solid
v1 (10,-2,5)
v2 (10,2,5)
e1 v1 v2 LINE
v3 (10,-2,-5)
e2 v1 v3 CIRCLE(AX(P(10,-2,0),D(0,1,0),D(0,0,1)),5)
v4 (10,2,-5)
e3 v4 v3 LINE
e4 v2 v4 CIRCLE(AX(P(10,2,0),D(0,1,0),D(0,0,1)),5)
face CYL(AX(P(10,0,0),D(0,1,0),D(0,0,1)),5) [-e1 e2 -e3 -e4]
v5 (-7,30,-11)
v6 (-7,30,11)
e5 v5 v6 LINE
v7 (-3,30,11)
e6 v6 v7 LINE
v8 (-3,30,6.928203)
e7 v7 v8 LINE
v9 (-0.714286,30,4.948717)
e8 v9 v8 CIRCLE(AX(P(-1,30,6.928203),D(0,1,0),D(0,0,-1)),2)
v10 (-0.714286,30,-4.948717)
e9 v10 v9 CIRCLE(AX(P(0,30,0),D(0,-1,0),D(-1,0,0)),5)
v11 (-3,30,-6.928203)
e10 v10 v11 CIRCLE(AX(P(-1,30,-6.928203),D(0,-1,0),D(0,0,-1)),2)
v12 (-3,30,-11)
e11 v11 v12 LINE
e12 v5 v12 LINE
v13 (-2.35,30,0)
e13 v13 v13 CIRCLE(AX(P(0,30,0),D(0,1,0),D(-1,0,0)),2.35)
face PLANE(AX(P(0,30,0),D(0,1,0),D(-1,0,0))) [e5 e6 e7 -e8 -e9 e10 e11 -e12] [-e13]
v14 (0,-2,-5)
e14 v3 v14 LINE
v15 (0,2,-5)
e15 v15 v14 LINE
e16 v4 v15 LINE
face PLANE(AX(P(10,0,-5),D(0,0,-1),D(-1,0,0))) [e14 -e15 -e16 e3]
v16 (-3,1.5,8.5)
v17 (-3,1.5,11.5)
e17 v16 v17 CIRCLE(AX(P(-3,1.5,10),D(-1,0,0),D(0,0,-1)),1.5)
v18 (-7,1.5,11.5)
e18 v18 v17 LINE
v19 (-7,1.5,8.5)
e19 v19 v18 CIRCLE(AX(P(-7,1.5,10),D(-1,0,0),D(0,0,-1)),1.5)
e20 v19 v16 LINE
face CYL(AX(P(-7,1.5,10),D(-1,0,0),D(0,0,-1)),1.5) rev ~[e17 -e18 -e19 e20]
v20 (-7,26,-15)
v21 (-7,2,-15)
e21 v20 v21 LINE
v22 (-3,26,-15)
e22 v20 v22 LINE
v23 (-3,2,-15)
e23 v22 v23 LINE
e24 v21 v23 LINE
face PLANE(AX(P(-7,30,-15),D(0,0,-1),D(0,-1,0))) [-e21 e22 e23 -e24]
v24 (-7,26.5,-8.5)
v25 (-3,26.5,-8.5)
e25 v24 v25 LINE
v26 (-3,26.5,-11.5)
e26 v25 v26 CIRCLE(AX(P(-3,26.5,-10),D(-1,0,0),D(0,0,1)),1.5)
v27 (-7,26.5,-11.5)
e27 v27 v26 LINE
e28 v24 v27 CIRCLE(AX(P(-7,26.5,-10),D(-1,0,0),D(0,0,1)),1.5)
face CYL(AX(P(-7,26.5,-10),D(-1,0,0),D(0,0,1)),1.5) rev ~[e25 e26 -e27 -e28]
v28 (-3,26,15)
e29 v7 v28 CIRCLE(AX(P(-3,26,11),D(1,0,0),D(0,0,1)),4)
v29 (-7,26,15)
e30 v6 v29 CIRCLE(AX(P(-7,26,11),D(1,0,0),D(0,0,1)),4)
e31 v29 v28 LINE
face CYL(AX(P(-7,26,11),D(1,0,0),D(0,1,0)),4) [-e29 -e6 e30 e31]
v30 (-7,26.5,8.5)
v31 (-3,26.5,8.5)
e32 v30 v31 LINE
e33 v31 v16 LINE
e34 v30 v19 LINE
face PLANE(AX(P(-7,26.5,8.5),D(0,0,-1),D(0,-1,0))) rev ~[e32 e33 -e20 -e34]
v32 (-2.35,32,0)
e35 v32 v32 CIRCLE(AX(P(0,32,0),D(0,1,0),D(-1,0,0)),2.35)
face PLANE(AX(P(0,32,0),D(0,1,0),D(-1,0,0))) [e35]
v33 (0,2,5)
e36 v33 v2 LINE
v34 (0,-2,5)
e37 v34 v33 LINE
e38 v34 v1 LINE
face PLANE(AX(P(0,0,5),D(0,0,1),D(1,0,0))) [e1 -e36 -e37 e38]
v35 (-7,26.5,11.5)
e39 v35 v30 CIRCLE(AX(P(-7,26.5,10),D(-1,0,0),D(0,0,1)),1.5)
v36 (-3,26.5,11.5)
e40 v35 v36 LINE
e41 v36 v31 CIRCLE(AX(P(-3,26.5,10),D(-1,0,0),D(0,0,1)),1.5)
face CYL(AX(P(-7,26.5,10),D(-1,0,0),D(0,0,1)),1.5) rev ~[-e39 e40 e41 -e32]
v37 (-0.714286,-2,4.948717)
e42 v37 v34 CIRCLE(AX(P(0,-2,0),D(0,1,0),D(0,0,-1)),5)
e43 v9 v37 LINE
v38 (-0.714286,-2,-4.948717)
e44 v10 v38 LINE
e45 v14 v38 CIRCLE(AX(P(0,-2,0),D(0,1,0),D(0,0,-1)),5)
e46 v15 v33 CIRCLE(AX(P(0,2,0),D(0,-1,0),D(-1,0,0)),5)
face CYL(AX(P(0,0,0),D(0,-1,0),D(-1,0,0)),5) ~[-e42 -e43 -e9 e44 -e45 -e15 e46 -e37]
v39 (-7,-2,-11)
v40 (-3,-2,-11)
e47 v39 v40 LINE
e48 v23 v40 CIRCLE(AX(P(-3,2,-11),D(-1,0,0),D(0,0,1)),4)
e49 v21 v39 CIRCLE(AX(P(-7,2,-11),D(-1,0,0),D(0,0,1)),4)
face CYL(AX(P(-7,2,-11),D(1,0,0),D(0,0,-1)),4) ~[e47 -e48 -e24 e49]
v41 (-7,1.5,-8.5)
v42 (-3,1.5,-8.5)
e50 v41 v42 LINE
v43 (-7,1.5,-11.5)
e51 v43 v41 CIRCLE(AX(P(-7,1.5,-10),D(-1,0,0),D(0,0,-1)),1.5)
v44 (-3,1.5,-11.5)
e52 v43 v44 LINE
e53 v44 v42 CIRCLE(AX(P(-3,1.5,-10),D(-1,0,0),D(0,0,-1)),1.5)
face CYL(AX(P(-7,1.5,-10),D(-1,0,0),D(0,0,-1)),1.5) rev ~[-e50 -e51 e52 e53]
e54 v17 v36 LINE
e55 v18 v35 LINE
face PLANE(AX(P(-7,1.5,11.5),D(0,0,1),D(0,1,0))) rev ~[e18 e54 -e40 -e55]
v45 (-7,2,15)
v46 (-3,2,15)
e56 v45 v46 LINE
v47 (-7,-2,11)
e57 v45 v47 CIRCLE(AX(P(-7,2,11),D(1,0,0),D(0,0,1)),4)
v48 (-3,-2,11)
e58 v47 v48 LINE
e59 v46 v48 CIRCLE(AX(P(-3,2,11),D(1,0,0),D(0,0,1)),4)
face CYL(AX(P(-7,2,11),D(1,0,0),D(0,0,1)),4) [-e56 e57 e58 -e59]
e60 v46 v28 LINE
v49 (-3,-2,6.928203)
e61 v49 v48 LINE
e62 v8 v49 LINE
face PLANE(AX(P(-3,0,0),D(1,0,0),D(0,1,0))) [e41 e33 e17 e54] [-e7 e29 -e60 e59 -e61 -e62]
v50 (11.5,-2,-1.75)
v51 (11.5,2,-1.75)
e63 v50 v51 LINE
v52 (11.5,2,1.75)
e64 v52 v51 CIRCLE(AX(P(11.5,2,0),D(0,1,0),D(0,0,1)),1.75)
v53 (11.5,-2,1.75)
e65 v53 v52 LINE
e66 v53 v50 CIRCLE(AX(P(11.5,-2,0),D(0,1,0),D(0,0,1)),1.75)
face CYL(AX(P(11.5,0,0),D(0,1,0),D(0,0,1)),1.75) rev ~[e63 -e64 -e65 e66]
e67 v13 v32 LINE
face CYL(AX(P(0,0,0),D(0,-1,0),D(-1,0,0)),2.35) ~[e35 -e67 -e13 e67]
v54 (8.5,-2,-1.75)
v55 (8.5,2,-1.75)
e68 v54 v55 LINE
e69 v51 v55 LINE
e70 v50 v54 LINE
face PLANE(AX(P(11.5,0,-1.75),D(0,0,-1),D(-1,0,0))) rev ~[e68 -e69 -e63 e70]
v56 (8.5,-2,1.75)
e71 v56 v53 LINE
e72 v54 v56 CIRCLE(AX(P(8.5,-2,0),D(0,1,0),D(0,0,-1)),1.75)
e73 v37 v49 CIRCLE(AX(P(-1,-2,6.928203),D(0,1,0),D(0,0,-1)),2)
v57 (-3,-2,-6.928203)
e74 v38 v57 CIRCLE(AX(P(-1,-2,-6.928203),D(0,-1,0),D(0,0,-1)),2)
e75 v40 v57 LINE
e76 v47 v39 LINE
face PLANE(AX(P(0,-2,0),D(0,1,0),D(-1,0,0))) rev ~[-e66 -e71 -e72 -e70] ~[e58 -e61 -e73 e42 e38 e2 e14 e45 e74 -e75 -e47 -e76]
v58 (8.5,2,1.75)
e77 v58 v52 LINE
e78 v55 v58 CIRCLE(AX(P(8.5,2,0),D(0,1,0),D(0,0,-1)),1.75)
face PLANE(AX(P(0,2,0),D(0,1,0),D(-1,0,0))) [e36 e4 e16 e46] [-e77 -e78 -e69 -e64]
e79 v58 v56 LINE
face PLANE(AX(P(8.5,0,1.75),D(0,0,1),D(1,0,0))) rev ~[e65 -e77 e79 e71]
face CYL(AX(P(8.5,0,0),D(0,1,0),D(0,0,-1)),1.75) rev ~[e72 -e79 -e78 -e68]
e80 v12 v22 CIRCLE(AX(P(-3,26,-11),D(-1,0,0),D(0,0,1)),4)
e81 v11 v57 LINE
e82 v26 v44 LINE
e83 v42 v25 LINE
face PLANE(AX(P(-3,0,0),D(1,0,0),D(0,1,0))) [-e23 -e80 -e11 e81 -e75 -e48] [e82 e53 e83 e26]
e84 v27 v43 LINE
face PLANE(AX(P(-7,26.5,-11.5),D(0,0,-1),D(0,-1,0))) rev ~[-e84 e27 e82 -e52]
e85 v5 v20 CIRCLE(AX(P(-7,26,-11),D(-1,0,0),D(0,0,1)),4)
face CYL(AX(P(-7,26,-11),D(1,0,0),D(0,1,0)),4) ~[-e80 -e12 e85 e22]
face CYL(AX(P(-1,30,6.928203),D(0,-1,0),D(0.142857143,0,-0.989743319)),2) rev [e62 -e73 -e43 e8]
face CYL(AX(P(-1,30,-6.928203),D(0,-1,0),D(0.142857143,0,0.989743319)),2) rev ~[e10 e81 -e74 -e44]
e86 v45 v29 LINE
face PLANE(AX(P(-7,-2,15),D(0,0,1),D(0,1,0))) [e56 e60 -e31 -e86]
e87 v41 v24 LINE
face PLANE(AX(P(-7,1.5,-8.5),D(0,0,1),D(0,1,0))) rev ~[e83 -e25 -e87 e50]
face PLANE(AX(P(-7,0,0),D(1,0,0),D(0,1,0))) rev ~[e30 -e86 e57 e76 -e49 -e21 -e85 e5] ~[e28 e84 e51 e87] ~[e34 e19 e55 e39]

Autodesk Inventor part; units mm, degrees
ref_plane "XZ Plane" through (0, 0, 0) normal (0, 1, 0) x (-1, 0, 0)
sketch "Sketch1" plane through (0, 0, 0) normal (0, 1, 0) x (-1, 0, 0)
  circle A0 centre (0, 0) radius 2.35
  circle A1 centre (0, 0) radius 5
  line L0 (0, 5) -> (-10, 5)
  arc A2 (-10, 5) -> (-10, -5) centre (-10, 0) ccw
  line L1 (-10, -5) -> (0, -5)
  line L2 (-8.5, 0) -> (-11.5, 0) construction
  line L3 (-8.5, 1.75) -> (-11.5, 1.75)
  line L4 (-11.5, -1.75) -> (-8.5, -1.75)
  arc A3 (-8.5, -1.75) -> (-8.5, 1.75) centre (-8.5, 0) ccw
  arc A4 (-11.5, 1.75) -> (-11.5, -1.75) centre (-11.5, 0) ccw
  dimension "d0" = 4.7
  dimension "d1" = 10
  dimension "d36" = 5
  dimension "d37" = 1.75
  dimension "d38" = 10
  dimension "d39" = 3
extrude "Extrusion1" add sketch "Sketch1" against normal blind 2 and the other way blind 2 contours A0 | A1 | A1 L1 A2 L0
extrude "Extrusion2" add sketch "Sketch1" along normal blind 30 contours A1
extrude "Extrusion3" add sketch "Sketch1" along normal blind 32 contours A0
ref_plane "Work Plane1" through (-5, 0, 0) normal (1, 0, 0) x (0, 1, 0)
ref_plane "Work Plane2" through (-7, 0, 0) normal (1, 0, 0) x (0, 1, 0)
sketch "Sketch2" plane through (-7, 0, 0) normal (1, 0, 0) x (0, 1, 0)
  line L0 (30, -15) -> (-2, -15)
  line L1 (-2, 15) -> (30, 15)
  line L2 (30, 15) -> (30, -15)
  line L3 (30, -5) -> (30, 5) projected
  line L4 (2, -5) -> (-2, -5) projected
  line L5 (-2, 5) -> (-2, -5) projected
  line L6 (2, 5) -> (-2, 5) projected
  line L7 (2, -5) -> (2, 5) projected
  line L8 (-2, -15) -> (-2, 15)
  point P0 (0, 0)
  dimension "d11" = 30
  dimension "d12" = 15
extrude "Extrusion4" add sketch "Sketch2" along normal blind 4
sketch "Sketch4" plane through (-7, 0, 0) normal (-1, 0, 0) x (0, 0, 1)
  line L0 (10, 26.5) -> (10, 1.5) construction
  line L1 (8.5, 26.5) -> (8.5, 1.5)
  line L2 (11.5, 1.5) -> (11.5, 26.5)
  arc A0 (11.5, 26.5) -> (8.5, 26.5) centre (10, 26.5) ccw
  arc A1 (8.5, 1.5) -> (11.5, 1.5) centre (10, 1.5) ccw
  line L3 (-10, 26.5) -> (-10, 1.5) construction
  line L4 (-11.5, 26.5) -> (-11.5, 1.5)
  line L5 (-8.5, 1.5) -> (-8.5, 26.5)
  arc A2 (-8.5, 26.5) -> (-11.5, 26.5) centre (-10, 26.5) ccw
  arc A3 (-11.5, 1.5) -> (-8.5, 1.5) centre (-10, 1.5) ccw
  line L6 (15, -2) -> (15, 30) projected
  line L7 (10, 14) -> (-10, 14) construction
  point P0 (0, 0)
  point P1 (15, 14)
  point P2 (0, 14)
  dimension "d30" = 20
  dimension "d31" = 1.5
  dimension "d32" = 25
extrude "Extrusion5" cut sketch "Sketch4" against normal up to surface (4 mm away)
fillet "Fillet1" radius 2 2 edges at (-3, 14, -4) (-3, 14, 4)
fillet "Fillet2" radius 4 4 edges at (-5, 30, 15) (-5, -2, 15) (-5, -2, -15) (-5, 30, -15)
properties part number "Pok Mk3 Yaw Motor Support" material "ABS Plastic"
